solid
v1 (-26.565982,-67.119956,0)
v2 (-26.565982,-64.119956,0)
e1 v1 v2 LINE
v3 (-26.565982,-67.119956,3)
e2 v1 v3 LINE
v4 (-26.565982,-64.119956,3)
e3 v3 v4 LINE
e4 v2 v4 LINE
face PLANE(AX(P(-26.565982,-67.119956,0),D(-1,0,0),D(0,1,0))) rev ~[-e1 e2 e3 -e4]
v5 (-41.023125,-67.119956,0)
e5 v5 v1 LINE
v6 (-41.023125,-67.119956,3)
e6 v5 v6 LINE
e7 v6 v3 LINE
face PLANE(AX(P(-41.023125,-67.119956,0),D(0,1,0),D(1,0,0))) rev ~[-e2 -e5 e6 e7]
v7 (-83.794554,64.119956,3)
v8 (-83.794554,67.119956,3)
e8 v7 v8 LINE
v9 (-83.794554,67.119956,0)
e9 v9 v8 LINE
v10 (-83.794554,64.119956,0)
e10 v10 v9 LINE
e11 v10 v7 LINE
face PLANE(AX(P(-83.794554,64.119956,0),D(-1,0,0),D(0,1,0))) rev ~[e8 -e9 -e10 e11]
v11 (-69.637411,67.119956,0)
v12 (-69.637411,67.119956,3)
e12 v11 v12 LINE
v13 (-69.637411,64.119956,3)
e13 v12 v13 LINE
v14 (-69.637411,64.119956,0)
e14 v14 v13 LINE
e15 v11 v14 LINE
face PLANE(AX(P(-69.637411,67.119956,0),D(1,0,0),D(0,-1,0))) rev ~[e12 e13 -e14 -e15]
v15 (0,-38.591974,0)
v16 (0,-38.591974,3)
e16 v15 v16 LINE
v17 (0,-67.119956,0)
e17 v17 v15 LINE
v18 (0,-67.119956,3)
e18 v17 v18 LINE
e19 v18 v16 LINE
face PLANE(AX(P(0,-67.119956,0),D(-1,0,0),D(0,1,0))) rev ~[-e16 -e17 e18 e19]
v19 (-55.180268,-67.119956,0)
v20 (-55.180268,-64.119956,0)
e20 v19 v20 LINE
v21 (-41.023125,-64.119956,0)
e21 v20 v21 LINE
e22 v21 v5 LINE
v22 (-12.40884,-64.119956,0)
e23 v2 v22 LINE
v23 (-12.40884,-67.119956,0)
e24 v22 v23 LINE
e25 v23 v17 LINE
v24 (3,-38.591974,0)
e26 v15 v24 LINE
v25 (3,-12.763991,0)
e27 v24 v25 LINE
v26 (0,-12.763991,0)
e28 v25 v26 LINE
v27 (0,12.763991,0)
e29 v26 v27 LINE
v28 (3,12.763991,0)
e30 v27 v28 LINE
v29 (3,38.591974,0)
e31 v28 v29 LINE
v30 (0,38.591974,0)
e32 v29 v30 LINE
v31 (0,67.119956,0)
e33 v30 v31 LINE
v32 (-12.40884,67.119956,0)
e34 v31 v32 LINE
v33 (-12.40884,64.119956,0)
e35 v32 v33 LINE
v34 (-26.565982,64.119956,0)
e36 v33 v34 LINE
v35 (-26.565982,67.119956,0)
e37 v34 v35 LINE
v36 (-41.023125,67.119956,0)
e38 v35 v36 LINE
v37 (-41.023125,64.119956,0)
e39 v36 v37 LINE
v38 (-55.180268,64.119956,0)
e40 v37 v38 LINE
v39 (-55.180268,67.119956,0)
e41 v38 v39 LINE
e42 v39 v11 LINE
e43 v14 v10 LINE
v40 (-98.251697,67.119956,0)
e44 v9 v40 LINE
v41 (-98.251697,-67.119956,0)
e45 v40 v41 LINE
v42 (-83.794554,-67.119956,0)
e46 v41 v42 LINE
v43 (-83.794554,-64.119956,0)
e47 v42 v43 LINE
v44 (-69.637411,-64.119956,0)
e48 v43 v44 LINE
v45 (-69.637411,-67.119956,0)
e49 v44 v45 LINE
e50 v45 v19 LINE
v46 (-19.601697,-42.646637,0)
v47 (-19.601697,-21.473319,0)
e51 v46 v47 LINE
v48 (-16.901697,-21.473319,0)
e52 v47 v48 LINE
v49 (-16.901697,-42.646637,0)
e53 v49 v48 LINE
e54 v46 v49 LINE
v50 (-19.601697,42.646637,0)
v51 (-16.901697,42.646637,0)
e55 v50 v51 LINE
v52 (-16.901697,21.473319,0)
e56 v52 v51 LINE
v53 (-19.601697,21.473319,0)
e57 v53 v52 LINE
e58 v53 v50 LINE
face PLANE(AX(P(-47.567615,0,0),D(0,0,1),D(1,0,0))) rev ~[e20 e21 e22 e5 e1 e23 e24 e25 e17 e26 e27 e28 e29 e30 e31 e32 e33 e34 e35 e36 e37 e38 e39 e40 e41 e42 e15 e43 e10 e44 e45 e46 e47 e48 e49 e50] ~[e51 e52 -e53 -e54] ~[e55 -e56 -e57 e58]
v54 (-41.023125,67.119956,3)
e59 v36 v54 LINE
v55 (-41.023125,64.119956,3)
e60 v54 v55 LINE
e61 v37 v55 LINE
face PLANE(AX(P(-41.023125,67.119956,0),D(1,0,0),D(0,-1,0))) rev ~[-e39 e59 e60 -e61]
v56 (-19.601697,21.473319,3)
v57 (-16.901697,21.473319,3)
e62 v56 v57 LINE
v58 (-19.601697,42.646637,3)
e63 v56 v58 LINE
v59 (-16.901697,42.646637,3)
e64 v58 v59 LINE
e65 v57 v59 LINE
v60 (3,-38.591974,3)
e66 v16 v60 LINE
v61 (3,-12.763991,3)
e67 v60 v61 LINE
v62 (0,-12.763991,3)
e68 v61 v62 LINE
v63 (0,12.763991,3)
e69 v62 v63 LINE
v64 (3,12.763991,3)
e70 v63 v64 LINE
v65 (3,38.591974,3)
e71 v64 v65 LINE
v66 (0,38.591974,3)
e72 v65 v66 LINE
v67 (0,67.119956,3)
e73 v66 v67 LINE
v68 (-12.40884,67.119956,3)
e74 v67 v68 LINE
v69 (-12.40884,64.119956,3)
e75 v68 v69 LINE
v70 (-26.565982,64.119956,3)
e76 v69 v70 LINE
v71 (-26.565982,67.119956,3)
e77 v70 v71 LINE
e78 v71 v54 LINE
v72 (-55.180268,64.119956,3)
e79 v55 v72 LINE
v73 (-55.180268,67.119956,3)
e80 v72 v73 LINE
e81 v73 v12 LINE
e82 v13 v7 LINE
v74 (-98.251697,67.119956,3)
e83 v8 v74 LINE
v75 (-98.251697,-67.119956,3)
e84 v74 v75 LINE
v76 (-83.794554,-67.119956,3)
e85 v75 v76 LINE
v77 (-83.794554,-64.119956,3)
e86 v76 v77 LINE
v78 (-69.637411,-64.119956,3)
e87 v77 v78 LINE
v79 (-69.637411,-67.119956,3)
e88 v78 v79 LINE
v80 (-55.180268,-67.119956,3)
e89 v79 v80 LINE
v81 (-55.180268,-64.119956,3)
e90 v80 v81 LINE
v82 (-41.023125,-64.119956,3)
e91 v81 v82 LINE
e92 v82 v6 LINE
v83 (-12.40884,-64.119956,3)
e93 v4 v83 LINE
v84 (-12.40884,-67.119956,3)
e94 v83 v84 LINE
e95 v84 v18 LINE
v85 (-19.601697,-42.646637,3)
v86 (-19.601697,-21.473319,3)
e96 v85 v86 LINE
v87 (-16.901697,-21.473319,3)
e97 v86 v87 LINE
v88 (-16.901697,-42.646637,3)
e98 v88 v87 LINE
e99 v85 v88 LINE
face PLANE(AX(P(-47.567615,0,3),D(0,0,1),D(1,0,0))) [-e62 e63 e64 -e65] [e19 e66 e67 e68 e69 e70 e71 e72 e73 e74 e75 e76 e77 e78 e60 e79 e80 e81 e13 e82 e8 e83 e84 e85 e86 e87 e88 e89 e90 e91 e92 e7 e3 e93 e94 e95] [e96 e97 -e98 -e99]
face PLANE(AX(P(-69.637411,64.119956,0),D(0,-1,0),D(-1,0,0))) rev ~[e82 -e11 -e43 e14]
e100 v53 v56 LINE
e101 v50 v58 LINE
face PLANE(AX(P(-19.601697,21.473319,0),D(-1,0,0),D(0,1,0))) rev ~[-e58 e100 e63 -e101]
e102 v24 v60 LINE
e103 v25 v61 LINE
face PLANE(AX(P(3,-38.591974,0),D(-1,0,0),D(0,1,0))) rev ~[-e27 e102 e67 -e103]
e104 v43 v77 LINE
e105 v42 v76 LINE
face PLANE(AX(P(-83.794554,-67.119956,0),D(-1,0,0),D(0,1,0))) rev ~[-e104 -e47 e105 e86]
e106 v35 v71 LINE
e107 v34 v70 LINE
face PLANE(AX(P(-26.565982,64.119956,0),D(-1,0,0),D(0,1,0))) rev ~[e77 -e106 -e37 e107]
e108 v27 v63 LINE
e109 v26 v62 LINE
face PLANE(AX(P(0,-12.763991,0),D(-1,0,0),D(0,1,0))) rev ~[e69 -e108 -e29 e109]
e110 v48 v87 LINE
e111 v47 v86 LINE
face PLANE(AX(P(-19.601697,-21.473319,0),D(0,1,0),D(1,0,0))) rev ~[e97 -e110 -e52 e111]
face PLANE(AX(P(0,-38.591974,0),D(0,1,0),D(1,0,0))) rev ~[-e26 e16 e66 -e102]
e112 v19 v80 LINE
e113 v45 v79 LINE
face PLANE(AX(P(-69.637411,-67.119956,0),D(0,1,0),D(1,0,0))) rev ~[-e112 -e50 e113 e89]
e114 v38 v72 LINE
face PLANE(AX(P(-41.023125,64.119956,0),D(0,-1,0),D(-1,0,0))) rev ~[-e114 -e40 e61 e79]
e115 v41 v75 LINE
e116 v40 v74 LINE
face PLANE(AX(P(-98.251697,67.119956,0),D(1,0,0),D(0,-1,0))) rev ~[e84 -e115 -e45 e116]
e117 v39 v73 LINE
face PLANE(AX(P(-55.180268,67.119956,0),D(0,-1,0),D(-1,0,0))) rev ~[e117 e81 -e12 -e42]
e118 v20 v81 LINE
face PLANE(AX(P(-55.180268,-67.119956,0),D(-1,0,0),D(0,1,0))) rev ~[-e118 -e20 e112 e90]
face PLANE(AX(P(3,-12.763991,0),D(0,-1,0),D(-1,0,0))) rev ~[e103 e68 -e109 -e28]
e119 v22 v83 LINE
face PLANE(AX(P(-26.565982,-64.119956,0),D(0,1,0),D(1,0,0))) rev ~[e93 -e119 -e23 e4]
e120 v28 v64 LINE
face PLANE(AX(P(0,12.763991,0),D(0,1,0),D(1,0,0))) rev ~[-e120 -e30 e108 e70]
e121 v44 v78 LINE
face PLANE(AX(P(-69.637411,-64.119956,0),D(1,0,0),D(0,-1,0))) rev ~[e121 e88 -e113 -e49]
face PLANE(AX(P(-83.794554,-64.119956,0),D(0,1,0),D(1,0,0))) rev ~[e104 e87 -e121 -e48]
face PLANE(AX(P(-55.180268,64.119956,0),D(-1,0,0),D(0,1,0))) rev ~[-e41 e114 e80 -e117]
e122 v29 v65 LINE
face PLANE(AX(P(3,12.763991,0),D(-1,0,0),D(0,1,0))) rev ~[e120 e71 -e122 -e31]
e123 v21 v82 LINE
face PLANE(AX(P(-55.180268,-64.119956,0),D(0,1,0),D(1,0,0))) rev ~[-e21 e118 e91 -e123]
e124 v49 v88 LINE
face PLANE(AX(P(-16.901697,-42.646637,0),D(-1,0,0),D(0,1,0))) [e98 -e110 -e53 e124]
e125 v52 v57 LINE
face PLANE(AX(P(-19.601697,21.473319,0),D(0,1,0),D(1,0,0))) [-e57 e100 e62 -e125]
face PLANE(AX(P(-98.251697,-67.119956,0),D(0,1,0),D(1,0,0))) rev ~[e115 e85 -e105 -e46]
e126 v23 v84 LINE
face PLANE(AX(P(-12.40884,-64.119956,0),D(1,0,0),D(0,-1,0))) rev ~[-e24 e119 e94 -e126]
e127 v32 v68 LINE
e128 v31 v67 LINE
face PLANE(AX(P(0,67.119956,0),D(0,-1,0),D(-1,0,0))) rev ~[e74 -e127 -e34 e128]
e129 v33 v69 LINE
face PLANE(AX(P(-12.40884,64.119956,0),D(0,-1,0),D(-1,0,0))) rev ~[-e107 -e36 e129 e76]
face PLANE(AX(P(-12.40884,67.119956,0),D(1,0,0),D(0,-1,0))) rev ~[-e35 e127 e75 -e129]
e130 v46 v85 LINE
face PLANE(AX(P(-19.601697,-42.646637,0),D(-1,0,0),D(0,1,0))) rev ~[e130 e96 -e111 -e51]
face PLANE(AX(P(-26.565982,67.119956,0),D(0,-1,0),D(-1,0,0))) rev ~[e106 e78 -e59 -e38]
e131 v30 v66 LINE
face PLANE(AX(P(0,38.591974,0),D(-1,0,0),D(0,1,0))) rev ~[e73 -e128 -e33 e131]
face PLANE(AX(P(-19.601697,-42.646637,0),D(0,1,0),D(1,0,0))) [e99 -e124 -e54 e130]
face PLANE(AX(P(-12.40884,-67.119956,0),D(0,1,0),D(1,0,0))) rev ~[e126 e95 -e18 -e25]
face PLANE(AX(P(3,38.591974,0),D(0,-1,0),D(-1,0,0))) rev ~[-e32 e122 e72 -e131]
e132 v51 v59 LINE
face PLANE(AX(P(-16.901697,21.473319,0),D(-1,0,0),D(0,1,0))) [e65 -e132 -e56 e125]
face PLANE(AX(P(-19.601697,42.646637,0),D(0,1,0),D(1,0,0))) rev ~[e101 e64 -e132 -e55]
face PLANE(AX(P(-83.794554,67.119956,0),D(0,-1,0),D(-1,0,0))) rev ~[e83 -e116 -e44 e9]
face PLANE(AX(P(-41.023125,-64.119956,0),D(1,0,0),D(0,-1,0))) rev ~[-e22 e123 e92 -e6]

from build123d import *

# Parameters (mm, degrees)
SKETCH1_W           = 2.7
SKETCH1_H           = 21.173318662
BOSS_EXTRUDE1_DEPTH = 3


with BuildPart() as part:
    # Sketch1 → Boss-Extrude1 (new body)
    with BuildSketch(Plane.XY):
        Polygon((-26.565982448, -64.119955984), (-12.408839591, -64.119955984), (-12.408839591, -67.119955984), (0, -67.119955984), (0, -38.59197359), (3, -38.59197359), (3, -12.763991197), (0, -12.763991197), (0, 12.763991197), (3, 12.763991197), (3, 38.59197359), (0, 38.59197359), (0, 67.119955984), (-12.408839591, 67.119955984), (-12.408839591, 64.119955984), (-26.565982448, 64.119955984), (-26.565982448, 67.119955984), (-41.023125305, 67.119955984), (-41.023125305, 64.119955984), (-55.180268162, 64.119955984), (-55.180268162, 67.119955984), (-69.637411019, 67.119955984), (-69.637411019, 64.119955984), (-83.794553876, 64.119955984), (-83.794553876, 67.119955984), (-98.251696733, 67.119955984), (-98.251696733, -67.119955984), (-83.794553876, -67.119955984), (-83.794553876, -64.119955984), (-69.637411019, -64.119955984), (-69.637411019, -67.119955984), (-55.180268162, -67.119955984), (-55.180268162, -64.119955984), (-41.023125305, -64.119955984), (-41.023125305, -67.119955984), (-26.565982448, -67.119955984), align=None)
        with Locations((-18.251696733, 32.059977992)):
            Rectangle(SKETCH1_W, SKETCH1_H, mode=Mode.SUBTRACT)
        with Locations((-18.251696733, -32.059977992)):
            Rectangle(SKETCH1_W, SKETCH1_H, mode=Mode.SUBTRACT)
    extrude(amount=BOSS_EXTRUDE1_DEPTH)


solid = part.part
